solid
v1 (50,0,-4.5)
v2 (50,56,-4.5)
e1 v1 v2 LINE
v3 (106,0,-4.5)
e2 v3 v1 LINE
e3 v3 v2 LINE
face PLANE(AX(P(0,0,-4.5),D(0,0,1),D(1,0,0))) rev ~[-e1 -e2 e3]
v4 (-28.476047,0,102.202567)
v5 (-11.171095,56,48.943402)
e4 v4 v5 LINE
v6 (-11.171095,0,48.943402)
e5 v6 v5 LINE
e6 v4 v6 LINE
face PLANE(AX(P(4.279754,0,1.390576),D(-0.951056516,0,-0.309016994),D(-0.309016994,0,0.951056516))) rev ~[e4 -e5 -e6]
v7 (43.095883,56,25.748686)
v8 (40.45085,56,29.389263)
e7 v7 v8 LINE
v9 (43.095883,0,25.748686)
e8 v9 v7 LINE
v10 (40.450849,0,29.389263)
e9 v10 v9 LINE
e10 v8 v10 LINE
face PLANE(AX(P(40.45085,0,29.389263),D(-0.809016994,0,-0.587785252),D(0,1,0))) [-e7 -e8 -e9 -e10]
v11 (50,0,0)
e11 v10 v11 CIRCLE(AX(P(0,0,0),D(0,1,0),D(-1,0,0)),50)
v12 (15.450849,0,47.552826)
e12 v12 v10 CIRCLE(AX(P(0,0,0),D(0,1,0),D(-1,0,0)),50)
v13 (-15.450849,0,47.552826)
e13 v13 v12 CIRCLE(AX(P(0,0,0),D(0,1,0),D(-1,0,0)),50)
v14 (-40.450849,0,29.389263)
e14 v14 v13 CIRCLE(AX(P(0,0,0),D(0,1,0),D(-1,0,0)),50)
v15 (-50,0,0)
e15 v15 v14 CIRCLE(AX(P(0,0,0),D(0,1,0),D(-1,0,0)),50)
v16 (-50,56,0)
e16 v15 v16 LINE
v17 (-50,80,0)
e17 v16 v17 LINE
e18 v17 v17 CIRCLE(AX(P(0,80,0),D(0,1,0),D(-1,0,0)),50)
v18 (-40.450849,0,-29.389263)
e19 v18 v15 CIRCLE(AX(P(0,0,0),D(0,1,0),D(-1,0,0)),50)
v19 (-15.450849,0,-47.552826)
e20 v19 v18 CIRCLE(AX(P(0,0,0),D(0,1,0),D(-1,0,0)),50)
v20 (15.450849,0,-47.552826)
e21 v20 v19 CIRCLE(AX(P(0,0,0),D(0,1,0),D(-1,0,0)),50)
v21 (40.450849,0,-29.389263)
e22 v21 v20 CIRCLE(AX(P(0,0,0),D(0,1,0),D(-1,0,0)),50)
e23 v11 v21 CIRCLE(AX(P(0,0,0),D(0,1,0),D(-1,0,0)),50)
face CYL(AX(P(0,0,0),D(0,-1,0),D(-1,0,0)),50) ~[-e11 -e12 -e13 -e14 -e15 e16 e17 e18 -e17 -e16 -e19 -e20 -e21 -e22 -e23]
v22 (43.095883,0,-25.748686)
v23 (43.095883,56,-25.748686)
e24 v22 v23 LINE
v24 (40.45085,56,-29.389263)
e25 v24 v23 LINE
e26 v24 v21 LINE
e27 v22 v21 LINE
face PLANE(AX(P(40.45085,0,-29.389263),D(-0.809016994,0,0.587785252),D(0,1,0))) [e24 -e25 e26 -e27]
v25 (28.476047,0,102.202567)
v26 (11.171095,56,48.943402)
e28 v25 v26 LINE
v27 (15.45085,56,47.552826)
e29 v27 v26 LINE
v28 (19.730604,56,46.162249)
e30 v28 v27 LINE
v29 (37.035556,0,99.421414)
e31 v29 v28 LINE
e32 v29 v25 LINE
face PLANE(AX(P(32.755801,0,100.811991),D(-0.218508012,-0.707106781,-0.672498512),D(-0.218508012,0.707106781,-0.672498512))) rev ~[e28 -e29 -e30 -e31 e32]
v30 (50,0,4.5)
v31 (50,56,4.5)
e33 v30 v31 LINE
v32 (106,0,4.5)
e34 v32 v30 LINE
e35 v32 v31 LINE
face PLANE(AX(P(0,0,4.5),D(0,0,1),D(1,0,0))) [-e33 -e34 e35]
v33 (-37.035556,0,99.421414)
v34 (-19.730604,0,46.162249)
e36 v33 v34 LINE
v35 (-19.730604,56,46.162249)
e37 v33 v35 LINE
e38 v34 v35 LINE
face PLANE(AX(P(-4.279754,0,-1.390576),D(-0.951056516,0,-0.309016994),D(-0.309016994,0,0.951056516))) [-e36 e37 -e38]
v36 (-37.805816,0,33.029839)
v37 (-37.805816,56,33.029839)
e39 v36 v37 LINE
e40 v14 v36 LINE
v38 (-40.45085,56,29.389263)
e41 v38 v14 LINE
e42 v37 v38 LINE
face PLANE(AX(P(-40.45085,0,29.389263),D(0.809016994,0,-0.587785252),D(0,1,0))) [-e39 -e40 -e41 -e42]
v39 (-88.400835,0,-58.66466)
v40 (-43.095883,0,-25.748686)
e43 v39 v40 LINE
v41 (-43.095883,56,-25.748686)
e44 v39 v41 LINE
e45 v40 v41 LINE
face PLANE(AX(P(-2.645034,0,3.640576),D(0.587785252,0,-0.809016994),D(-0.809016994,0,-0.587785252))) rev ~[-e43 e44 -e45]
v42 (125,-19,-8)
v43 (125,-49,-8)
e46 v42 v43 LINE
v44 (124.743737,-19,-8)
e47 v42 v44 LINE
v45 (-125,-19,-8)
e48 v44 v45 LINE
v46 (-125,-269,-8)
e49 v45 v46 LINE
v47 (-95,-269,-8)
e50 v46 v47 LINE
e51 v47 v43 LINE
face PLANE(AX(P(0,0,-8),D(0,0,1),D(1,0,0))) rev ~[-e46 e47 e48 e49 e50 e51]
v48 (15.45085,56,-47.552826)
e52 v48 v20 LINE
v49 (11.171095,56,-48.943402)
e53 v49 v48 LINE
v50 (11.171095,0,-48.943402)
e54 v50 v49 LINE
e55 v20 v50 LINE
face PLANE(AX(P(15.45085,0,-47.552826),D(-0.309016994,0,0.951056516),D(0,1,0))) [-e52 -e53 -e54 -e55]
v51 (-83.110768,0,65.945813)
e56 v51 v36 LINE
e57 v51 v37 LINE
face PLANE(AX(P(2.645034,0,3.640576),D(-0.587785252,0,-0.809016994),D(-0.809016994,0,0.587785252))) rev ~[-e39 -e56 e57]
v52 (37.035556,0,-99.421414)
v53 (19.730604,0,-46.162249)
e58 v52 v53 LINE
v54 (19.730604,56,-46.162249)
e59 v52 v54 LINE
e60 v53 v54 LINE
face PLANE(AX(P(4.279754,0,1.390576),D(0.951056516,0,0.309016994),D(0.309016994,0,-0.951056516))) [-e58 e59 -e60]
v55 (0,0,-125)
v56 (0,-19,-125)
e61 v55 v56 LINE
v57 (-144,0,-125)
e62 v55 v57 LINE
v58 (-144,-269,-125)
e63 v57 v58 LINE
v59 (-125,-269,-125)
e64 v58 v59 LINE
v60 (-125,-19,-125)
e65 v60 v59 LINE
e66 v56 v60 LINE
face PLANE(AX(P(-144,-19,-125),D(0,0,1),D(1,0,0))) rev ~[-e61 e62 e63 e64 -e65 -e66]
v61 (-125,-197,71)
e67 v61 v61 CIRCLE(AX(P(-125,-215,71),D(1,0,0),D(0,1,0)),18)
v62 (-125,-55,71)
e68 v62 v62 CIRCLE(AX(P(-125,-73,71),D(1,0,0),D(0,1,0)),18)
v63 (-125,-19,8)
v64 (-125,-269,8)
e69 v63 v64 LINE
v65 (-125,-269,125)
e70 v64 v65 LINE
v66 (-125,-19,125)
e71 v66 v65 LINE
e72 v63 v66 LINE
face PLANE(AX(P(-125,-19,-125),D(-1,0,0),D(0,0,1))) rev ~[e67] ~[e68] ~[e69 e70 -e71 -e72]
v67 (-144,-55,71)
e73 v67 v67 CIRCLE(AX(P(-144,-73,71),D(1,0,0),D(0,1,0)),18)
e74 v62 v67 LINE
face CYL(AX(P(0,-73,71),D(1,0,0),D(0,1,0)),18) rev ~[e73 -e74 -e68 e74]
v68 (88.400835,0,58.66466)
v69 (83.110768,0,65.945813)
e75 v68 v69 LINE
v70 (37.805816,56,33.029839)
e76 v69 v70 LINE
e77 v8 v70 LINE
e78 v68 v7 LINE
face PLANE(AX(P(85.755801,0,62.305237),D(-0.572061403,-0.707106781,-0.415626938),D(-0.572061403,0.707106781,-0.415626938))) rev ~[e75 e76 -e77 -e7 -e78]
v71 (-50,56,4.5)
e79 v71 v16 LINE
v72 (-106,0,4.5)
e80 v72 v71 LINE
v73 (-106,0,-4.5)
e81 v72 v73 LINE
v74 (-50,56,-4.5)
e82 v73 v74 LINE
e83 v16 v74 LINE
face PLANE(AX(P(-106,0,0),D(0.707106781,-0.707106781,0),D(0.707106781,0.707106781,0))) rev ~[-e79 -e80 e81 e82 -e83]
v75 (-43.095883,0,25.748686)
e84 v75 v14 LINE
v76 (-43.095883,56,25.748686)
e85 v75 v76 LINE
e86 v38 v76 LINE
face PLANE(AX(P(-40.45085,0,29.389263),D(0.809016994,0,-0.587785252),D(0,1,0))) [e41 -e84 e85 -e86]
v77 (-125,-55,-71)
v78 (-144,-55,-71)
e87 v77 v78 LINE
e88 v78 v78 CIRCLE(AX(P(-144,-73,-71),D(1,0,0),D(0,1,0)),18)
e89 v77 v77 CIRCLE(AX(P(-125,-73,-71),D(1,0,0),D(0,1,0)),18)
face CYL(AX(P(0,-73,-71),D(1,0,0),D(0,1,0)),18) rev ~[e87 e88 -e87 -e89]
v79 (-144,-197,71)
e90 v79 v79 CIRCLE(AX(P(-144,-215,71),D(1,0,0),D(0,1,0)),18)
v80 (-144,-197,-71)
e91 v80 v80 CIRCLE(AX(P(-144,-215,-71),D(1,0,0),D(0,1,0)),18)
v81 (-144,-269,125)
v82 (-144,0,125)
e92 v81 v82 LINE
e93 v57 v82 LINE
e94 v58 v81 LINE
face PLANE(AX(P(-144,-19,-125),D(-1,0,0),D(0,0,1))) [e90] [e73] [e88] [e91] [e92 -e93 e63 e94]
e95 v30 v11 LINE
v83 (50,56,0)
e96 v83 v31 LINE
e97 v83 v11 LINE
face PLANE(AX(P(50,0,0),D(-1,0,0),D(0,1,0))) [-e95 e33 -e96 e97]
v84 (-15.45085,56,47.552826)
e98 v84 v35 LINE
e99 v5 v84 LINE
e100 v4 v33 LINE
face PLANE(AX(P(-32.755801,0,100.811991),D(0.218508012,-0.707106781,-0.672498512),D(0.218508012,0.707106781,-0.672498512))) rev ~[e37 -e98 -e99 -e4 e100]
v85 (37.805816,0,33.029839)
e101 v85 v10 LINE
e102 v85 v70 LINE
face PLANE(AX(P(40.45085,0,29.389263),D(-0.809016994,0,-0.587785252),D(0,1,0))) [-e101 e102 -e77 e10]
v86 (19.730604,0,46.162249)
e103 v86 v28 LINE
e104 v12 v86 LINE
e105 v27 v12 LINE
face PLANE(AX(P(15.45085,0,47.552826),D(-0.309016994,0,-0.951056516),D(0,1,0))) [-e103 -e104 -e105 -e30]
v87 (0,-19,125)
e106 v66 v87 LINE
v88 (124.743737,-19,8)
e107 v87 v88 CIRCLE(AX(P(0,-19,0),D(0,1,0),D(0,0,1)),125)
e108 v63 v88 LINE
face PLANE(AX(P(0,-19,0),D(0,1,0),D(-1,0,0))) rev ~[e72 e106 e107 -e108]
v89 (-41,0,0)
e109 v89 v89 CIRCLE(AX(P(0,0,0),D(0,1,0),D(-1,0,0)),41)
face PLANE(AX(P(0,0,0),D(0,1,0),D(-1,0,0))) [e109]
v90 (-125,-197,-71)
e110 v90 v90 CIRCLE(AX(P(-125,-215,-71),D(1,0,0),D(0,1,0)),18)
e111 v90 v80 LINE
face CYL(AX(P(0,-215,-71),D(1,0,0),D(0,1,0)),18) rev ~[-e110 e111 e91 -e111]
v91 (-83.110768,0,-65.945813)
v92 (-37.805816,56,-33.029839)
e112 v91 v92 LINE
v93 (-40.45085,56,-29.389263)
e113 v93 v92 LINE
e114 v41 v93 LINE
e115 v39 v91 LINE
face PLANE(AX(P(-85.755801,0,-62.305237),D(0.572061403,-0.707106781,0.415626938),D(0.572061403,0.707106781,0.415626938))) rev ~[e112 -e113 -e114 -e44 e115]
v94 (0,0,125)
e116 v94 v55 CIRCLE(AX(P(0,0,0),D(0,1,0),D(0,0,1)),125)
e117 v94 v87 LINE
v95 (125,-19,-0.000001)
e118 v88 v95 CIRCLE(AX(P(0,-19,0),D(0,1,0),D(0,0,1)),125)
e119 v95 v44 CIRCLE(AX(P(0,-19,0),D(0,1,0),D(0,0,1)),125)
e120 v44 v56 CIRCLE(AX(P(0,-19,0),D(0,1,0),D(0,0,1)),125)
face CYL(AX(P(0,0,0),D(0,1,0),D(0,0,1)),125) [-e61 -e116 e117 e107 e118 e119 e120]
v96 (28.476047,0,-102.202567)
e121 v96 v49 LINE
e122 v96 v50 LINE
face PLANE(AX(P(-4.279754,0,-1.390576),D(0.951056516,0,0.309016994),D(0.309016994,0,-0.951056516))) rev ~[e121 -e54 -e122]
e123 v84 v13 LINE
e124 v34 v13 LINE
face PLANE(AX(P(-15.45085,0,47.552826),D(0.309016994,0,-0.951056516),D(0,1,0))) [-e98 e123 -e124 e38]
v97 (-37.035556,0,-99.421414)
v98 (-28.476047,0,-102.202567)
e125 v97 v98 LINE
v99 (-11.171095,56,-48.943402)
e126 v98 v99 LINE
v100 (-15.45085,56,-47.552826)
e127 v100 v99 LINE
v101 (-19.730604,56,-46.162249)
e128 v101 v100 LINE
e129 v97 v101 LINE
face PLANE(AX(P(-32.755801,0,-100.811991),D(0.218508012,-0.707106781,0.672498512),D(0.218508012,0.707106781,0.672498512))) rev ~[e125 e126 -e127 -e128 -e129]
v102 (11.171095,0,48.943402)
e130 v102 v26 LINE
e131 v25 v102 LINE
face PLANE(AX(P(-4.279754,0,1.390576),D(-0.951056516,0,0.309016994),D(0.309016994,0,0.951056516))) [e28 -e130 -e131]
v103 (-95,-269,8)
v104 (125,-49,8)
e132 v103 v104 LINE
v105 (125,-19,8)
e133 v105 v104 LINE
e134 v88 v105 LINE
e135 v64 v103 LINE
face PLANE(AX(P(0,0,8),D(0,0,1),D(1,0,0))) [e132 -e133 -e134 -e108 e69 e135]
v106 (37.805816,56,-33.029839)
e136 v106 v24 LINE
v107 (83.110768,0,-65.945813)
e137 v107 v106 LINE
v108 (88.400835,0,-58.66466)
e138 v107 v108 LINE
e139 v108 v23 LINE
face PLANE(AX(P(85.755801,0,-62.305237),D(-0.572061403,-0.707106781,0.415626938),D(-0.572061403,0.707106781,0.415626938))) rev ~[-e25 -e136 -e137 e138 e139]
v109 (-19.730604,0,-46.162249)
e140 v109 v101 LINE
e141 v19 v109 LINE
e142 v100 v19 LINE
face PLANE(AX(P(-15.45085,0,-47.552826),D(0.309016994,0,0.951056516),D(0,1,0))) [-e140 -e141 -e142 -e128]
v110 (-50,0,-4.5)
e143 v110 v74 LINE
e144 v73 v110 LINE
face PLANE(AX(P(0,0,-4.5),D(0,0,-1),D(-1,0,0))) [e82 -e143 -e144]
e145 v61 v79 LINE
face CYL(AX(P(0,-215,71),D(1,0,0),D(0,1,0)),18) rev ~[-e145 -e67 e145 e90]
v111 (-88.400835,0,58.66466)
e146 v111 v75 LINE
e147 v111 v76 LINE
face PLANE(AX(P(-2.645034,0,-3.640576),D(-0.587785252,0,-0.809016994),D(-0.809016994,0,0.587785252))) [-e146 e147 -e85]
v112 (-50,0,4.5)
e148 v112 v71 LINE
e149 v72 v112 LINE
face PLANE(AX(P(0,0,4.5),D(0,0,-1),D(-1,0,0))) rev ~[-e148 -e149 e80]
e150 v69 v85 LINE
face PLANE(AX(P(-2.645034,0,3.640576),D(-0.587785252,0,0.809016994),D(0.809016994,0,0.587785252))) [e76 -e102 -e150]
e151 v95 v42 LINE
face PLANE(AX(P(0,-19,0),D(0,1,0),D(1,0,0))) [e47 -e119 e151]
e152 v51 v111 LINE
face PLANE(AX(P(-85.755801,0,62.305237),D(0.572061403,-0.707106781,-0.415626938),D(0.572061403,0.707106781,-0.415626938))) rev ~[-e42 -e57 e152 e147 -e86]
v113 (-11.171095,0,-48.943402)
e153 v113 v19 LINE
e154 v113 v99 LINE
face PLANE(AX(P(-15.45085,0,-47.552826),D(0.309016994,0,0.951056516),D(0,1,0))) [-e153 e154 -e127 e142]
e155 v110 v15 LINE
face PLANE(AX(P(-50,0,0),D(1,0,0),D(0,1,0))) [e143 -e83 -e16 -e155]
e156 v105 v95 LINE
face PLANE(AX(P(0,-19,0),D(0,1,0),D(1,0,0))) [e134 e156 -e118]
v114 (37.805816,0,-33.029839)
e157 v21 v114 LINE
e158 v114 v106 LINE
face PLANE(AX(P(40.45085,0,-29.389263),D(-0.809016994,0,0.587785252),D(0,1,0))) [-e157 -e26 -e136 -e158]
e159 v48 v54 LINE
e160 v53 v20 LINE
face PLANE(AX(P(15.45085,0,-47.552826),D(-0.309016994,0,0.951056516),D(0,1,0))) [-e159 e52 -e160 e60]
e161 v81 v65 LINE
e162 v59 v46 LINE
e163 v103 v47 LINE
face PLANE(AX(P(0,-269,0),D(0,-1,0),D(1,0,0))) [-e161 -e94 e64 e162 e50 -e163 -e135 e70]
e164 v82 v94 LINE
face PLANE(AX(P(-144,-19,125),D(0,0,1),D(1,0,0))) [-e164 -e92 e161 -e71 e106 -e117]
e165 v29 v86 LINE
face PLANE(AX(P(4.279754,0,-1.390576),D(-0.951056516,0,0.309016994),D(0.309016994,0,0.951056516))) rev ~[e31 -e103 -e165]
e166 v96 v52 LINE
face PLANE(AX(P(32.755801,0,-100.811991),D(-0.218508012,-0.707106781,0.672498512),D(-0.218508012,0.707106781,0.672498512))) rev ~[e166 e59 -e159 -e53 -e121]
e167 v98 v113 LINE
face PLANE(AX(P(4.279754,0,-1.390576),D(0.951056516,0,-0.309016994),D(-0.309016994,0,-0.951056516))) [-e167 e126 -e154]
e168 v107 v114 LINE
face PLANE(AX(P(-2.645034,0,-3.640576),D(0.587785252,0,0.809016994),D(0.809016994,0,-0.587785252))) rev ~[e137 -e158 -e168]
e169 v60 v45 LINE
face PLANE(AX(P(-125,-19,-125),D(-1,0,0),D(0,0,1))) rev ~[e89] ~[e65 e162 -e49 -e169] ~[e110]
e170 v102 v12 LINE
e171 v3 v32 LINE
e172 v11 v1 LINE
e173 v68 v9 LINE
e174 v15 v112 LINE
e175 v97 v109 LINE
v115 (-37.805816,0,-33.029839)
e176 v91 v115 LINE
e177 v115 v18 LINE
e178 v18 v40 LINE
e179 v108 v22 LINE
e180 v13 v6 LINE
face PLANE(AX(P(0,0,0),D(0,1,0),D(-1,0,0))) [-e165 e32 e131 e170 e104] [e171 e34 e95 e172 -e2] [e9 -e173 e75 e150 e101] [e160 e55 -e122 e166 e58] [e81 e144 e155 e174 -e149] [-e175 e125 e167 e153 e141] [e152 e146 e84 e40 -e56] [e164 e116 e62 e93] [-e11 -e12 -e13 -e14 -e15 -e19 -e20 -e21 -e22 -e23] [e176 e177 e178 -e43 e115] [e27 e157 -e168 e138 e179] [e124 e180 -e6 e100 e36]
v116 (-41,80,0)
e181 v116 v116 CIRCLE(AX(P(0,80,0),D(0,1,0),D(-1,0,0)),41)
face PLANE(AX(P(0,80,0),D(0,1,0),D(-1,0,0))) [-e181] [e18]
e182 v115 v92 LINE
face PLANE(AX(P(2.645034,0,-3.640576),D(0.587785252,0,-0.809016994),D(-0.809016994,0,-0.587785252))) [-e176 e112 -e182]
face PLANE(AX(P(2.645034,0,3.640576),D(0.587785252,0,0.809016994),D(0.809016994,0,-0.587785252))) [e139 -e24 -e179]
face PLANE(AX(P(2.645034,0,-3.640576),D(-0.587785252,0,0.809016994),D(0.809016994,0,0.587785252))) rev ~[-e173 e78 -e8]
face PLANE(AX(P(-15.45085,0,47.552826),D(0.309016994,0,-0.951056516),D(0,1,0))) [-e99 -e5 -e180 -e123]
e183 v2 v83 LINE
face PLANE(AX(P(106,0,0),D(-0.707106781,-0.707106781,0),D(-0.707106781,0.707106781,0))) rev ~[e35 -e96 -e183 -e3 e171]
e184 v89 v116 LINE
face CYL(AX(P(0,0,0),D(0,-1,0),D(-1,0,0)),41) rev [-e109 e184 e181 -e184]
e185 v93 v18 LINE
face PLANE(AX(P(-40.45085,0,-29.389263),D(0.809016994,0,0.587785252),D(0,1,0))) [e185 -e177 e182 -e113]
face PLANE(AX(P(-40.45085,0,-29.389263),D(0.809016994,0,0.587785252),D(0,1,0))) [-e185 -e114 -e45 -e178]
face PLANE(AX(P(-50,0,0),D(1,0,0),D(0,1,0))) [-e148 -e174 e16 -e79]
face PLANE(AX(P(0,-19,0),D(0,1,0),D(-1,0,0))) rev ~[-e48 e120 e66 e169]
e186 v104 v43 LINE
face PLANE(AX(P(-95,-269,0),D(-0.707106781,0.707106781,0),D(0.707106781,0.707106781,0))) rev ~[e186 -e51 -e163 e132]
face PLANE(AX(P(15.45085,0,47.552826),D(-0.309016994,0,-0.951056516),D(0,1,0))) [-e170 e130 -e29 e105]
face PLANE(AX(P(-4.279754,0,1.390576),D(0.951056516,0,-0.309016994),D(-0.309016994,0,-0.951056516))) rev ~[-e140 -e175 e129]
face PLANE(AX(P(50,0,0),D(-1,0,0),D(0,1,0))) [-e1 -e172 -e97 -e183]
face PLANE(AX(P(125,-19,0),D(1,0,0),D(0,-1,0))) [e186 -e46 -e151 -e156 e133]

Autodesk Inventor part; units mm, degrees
ref_plane "YZ Plane" through (0, 0, 0) normal (1, 0, 0) x (0, 1, 0)
ref_plane "XZ Plane" through (0, 0, 0) normal (0, 1, 0) x (-1, 0, 0)
ref_plane "XY Plane" through (0, 0, 0) normal (0, 0, 1) x (1, 0, 0)
sketch "Sketch1" plane through (0, 0, 0) normal (0, 1, 0) x (-1, 0, 0)
  arc A0 (0, 125) -> (0, -125) centre (0, 0) ccw
  line L0 (0, -125) -> (144, -125)
  line L1 (144, -125) -> (144, 125)
  line L2 (144, 125) -> (0, 125)
  circle A1 centre (0, 0) radius 41
  circle A2 centre (0, 0) radius 50
  dimension "d1" = 125
  dimension "d2" = 144
  dimension "d3" = 82
  dimension "d4" = 100
extrude "Extrusion1" add sketch "Sketch1" against normal blind 19 contours L2 L1 L0 A0 | A1 | A2
sketch "Sketch2" plane through (0, 0, 0) normal (0, 1, 0) x (-1, 0, 0)
  circle A0 centre (0, 0) radius 41
  circle A1 centre (0, 0) radius 50
  dimension "d7" = 82
  dimension "d8" = 100
extrude "Extrusion2" add sketch "Sketch2" along normal blind 80
sketch "Sketch3" plane through (0, 0, 0) normal (0, 0, 1) x (1, 0, 0)
  line L0 (125, 0) -> (0, 0) projected
  line L1 (125, 0) -> (106, 0)
  line L2 (106, 0) -> (50, 0)
  line L3 (106, 0) -> (50, 56)
  line L4 (50, 0) -> (50, 80) projected
  dimension "d11" = 19
  dimension "d12" = 56
  dimension "d13" = 45
extrude "Extrusion3" add sketch "Sketch3" along normal mid plane 9
pattern_circular "Circular Pattern1" count 10 over 360 about axis through (0, 0, 0) along (0, 1, 0) of "Extrusion3"
sketch "Sketch4" plane through (0, -19, 0) normal (0, -1, 0) x (1, 0, 0)
  line L0 (-144, -125) -> (-144, 125) projected
  line L1 (-144, 125) -> (0, 125) projected
  line L2 (-144, -125) -> (-125, -125)
  line L3 (-125, -125) -> (-125, 125)
  line L4 (-125, 125) -> (-144, 125)
  line L5 (-144, 125) -> (-144, -125)
  point P0 (0, 0)
  dimension "d19" = 19
extrude "Extrusion4" add sketch "Sketch4" along normal blind 250
sketch "Sketch5" plane through (0, 0, 0) normal (0, 0, 1) x (1, 0, 0)
  line L0 (0, -19) -> (125, -19) projected
  line L1 (125, -19) -> (125, -49)
  line L2 (-125, -19) -> (-125, -269) projected
  line L3 (-125, -269) -> (-95, -269)
  line L4 (-95, -269) -> (125, -49)
  line L5 (0, -19) -> (-125, -19) projected
  line L6 (-125, -269) -> (-125, -19)
  line L7 (-125, -19) -> (125, -19)
  point P0 (0, 0)
  dimension "d22" = 30
  dimension "d23" = 30
extrude "Extrusion5" add sketch "Sketch5" along normal mid plane 16
sketch "Sketch6" plane through (0, 0, 0) normal (1, 0, 0) x (0, 1, 0)
  line L0 (-19, 125) -> (-19, 8) projected
  line L1 (-19, 125) -> (-19, 71)
  line L2 (-19, 71) -> (-73, 71)
  circle A0 centre (-73, 71) radius 18
  line L3 (-73, 71) -> (-215, 71)
  circle A1 centre (-215, 71) radius 18
  circle A2 centre (-73, -71) radius 18
  circle A3 centre (-215, -71) radius 18
  point P0 (0, 0)
  dimension "d26" = 54
  dimension "d27" = 54
  dimension "d28" = 36
  dimension "d29" = 142
  dimension "d30" = 36
  dimension "d33" = 142
extrude "Extrusion6" cut sketch "Sketch6" against normal blind 200
properties part number "P01_Marcos_Uriel_Martinez_Ortiz3" material "Steel ASTM A36"
